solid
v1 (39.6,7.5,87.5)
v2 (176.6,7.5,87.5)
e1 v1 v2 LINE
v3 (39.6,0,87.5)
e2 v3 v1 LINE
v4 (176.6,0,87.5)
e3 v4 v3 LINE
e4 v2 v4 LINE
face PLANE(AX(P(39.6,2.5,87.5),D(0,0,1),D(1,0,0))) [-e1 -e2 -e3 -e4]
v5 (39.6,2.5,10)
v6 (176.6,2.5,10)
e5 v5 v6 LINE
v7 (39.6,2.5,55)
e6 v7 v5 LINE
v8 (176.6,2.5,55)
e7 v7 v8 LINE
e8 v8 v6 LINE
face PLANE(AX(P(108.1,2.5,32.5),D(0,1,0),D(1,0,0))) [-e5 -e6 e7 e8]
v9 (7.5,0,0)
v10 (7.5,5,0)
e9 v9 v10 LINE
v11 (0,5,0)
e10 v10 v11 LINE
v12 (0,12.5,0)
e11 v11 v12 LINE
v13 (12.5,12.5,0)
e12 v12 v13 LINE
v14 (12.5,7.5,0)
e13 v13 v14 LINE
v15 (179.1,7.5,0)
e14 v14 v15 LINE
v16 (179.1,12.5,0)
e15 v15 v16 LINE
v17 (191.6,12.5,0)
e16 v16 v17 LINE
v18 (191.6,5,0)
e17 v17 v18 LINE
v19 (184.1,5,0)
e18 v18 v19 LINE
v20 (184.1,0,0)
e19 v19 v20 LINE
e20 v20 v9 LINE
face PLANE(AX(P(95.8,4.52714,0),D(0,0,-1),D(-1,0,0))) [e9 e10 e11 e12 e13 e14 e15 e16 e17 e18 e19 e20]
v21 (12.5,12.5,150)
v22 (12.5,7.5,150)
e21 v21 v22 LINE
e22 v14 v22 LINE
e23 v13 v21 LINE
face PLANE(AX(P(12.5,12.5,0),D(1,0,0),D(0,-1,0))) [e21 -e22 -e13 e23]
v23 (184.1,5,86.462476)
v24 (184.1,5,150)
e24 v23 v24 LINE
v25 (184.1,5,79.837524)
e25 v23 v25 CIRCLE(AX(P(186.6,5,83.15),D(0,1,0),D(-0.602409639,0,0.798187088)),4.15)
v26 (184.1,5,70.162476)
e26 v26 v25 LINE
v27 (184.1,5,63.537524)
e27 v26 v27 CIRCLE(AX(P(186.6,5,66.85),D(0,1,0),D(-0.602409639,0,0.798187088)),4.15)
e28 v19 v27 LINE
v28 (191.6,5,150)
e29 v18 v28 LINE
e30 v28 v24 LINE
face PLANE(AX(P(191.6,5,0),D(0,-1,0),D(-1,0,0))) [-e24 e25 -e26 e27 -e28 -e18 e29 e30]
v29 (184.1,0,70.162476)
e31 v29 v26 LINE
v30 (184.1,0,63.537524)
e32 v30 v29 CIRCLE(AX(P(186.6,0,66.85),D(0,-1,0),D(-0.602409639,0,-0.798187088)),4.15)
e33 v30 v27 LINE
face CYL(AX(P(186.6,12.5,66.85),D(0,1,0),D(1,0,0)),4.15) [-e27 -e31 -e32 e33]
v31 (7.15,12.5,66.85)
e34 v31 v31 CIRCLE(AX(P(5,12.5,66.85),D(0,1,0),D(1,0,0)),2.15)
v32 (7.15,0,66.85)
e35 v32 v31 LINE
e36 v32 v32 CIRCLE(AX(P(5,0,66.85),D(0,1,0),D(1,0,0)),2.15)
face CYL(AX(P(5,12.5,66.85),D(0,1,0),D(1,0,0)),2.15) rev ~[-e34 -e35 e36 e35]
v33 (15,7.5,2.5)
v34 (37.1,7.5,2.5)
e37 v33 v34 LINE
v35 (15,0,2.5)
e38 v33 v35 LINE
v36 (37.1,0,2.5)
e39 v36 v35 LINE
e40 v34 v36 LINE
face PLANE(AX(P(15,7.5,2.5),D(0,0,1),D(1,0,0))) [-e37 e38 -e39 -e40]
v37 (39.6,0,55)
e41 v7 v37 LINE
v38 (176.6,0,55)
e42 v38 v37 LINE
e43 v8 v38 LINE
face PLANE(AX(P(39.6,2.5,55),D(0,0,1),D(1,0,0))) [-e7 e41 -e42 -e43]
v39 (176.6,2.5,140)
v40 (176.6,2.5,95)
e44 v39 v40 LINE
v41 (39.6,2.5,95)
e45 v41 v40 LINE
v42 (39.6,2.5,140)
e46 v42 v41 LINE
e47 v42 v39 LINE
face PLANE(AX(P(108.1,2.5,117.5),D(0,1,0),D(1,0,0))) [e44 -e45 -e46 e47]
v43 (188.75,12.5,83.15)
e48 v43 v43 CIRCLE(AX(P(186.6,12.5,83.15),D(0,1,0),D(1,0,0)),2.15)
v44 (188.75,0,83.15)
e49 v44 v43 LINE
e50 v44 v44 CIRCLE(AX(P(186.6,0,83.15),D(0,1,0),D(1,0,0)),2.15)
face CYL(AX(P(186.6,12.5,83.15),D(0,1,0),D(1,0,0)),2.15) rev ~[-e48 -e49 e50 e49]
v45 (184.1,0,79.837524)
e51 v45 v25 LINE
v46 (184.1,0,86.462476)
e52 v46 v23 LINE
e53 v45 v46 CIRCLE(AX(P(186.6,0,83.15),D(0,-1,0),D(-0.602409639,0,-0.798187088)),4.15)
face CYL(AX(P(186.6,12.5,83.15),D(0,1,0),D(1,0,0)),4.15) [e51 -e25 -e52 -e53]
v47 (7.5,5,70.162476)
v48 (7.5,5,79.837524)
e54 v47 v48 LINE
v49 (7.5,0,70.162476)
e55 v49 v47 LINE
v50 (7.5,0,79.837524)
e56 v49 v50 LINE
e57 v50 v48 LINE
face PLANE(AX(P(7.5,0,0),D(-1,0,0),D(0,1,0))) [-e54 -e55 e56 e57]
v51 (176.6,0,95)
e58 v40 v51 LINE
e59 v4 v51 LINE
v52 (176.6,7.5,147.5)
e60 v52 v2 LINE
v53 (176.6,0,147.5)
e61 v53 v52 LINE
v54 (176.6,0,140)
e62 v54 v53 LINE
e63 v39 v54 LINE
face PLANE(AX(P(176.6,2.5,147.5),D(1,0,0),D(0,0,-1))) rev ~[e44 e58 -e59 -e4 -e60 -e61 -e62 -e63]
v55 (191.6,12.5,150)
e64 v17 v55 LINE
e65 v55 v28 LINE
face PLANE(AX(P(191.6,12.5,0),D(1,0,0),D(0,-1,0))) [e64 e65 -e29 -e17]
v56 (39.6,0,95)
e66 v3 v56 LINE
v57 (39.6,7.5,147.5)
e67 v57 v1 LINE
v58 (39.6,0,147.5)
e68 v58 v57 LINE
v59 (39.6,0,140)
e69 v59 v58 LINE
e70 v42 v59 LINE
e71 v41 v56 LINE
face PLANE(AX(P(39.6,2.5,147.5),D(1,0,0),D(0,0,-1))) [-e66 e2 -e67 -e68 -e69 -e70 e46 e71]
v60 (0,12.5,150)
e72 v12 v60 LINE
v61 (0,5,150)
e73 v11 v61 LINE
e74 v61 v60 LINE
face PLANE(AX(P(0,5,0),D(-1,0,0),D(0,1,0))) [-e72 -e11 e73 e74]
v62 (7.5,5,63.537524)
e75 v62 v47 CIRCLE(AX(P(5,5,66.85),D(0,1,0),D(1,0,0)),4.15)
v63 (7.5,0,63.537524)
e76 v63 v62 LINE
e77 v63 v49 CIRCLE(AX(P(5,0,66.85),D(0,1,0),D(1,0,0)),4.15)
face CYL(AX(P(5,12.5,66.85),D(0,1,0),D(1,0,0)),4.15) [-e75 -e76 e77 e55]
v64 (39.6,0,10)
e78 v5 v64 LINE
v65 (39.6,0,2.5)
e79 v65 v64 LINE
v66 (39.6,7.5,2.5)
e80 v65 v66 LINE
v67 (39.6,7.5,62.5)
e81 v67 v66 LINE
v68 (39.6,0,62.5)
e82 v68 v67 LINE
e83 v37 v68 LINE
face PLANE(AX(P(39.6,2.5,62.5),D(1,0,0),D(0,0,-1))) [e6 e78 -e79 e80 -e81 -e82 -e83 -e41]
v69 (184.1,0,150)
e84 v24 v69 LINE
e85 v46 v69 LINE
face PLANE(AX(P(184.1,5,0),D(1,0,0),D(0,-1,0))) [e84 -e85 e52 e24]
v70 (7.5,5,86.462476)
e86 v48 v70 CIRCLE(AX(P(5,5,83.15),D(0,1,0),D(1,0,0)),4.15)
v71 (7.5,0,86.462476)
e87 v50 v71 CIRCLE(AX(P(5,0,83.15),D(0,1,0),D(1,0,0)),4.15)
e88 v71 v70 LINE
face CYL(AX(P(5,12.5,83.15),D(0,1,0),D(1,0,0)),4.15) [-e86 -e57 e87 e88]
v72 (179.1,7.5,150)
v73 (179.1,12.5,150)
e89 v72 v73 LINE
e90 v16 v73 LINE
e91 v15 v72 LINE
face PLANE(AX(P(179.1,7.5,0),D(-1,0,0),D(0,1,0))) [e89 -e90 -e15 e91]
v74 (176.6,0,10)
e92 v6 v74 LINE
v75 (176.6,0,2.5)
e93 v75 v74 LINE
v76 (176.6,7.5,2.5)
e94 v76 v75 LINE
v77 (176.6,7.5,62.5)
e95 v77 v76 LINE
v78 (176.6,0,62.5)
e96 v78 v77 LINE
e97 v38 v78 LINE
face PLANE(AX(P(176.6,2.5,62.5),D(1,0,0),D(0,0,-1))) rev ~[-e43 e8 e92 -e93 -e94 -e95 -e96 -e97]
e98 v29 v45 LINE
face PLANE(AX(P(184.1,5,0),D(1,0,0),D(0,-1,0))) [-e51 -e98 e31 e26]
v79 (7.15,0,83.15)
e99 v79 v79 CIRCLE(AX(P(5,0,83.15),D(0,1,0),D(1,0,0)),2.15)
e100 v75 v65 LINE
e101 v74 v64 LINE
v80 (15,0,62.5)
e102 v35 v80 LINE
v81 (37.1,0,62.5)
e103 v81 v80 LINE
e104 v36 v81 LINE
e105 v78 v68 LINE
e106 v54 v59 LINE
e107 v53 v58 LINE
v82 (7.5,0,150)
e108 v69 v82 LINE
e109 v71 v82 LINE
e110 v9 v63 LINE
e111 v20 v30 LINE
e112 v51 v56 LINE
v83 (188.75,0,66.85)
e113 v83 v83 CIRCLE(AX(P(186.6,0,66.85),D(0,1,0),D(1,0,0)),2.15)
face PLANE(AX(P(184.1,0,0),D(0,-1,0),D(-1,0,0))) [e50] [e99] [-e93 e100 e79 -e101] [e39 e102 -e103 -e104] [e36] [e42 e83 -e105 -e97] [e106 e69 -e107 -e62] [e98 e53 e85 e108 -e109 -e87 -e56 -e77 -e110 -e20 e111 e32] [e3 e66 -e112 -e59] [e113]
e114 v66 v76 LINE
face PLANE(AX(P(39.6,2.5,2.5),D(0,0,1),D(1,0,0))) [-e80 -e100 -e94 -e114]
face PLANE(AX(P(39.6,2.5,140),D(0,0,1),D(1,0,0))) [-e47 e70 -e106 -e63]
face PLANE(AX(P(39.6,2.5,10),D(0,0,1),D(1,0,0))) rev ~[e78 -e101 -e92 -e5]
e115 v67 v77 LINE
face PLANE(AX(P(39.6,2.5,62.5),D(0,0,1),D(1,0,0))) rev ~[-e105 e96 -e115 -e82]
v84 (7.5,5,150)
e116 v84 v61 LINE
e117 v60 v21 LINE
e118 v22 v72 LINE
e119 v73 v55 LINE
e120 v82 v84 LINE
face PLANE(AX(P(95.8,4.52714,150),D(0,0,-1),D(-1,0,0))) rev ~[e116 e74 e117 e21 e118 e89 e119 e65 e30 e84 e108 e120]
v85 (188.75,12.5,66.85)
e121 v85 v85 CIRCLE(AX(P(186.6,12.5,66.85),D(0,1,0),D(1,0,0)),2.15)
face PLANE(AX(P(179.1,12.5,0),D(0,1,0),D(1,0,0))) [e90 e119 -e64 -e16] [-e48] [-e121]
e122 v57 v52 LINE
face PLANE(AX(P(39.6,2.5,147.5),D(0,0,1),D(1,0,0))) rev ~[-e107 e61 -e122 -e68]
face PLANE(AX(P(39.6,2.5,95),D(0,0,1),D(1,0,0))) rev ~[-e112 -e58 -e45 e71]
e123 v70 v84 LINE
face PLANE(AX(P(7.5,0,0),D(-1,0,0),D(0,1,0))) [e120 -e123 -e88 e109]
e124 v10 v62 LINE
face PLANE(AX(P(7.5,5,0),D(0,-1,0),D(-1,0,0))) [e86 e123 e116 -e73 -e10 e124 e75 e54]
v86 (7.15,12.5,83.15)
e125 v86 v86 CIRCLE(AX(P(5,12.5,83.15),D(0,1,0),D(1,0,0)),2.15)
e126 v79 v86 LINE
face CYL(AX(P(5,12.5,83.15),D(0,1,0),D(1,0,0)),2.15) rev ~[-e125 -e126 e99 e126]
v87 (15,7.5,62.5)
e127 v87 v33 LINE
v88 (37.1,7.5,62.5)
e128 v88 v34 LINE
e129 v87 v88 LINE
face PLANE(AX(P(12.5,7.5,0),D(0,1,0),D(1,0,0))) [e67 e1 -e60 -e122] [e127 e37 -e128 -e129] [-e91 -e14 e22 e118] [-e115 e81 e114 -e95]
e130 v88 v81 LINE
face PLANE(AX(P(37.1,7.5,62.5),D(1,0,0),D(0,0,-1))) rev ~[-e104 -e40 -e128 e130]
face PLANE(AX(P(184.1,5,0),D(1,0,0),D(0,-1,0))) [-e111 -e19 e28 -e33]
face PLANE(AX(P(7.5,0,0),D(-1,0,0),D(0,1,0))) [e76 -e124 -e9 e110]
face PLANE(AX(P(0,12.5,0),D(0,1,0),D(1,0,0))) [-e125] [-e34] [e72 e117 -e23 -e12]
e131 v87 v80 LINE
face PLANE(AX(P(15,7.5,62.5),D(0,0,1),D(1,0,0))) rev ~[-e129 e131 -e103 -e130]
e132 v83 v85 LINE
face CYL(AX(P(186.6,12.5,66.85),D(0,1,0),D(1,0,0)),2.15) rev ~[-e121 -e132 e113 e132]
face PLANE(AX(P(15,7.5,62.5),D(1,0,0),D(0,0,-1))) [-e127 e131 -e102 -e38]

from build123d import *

# Parameters (mm, degrees)
PLATEFRAME_DEPTH          = 150
SKETCH3_R                 = 2.15
HOLESUPPORT_DEPTH         = 7.5
SKETCH4_R                 = 4.15
SKETCH4_R_2               = 2.15
CYLINDRICALSUPPORTS_DEPTH = 12.5
SKETCH8_W                 = 137
SKETCH8_H                 = 60
ITEMLAYOUT_DEPTH          = 5
SKETCH9_W                 = 137
SKETCH9_H                 = 7.5
VELCROHOLES_DEPTH         = 3.5
SKETCH10_W                = 22.1
SKETCH10_H                = 60
OPENHOLE_DEPTH            = 8.5


with BuildPart() as part:
    # Sketch2 → PlateFrame (new body)
    with BuildSketch(Plane.XY):
        Polygon((179.1, 12.5), (191.6, 12.5), (191.6, 5), (184.1, 5), (184.1, 0), (7.5, 0), (7.5, 5), (0, 5), (0, 12.5), (12.5, 12.5), (12.5, 7.5), (179.1, 7.5), align=None)
    extrude(amount=PLATEFRAME_DEPTH)

    # Sketch3 → HoleSupport (cut)
    with BuildSketch(Plane(origin=(0, 12.5, 0), x_dir=(1, 0, 0), z_dir=(0, 1, 0))):
        with Locations((5, -66.85)):
            Circle(SKETCH3_R)
        with Locations((5, -83.15)):
            Circle(SKETCH3_R)
        with Locations((186.6, -66.85)):
            Circle(SKETCH3_R)
        with Locations((186.6, -83.15)):
            Circle(SKETCH3_R)
    extrude(amount=-HOLESUPPORT_DEPTH, mode=Mode.SUBTRACT)

    # Sketch4 → CylindricalSupports (add)
    with BuildSketch(Plane(origin=(0, 12.5, 0), x_dir=(1, 0, 0), z_dir=(0, 1, 0))):
        with Locations((186.6, -66.85)):
            Circle(SKETCH4_R)
        with Locations((186.6, -66.85)):
            Circle(SKETCH4_R_2, mode=Mode.SUBTRACT)
        with Locations((186.6, -83.15)):
            Circle(SKETCH4_R)
        with Locations((186.6, -83.15)):
            Circle(SKETCH4_R_2, mode=Mode.SUBTRACT)
        with Locations((5, -66.85)):
            Circle(SKETCH4_R)
        with Locations((5, -66.85)):
            Circle(SKETCH4_R_2, mode=Mode.SUBTRACT)
        with Locations((5, -83.15)):
            Circle(SKETCH4_R)
        with Locations((5, -83.15)):
            Circle(SKETCH4_R_2, mode=Mode.SUBTRACT)
    extrude(amount=-CYLINDRICALSUPPORTS_DEPTH)

    # Sketch8 → ItemLayout (cut)
    with BuildSketch(Plane(origin=(0, 7.5, 0), x_dir=(1, 0, 0), z_dir=(0, 1, 0))):
        with Locations((108.1, -32.5)):
            Rectangle(SKETCH8_W, SKETCH8_H)
        with Locations((108.1, -117.5)):
            Rectangle(SKETCH8_W, SKETCH8_H)
    extrude(amount=-ITEMLAYOUT_DEPTH, mode=Mode.SUBTRACT)

    # Sketch9 → VelcroHoles (cut, through all)
    with BuildSketch(Plane(origin=(0, 2.5, 0), x_dir=(1, 0, 0), z_dir=(0, 1, 0))):
        with Locations((108.1, -143.75)):
            Rectangle(SKETCH9_W, SKETCH9_H)
        with Locations((108.1, -6.25)):
            Rectangle(SKETCH9_W, SKETCH9_H)
        with Locations((108.1, -91.25)):
            Rectangle(SKETCH9_W, SKETCH9_H)
        with Locations((108.1, -58.75)):
            Rectangle(SKETCH9_W, SKETCH9_H)
    extrude(amount=-VELCROHOLES_DEPTH, mode=Mode.SUBTRACT)

    # Sketch10 → OpenHole (cut, through all)
    with BuildSketch(Plane(origin=(0, 7.5, 0), x_dir=(1, 0, 0), z_dir=(0, 1, 0))):
        with Locations((26.05, -32.5)):
            Rectangle(SKETCH10_W, SKETCH10_H)
    extrude(amount=-OPENHOLE_DEPTH, mode=Mode.SUBTRACT)


solid = part.part
